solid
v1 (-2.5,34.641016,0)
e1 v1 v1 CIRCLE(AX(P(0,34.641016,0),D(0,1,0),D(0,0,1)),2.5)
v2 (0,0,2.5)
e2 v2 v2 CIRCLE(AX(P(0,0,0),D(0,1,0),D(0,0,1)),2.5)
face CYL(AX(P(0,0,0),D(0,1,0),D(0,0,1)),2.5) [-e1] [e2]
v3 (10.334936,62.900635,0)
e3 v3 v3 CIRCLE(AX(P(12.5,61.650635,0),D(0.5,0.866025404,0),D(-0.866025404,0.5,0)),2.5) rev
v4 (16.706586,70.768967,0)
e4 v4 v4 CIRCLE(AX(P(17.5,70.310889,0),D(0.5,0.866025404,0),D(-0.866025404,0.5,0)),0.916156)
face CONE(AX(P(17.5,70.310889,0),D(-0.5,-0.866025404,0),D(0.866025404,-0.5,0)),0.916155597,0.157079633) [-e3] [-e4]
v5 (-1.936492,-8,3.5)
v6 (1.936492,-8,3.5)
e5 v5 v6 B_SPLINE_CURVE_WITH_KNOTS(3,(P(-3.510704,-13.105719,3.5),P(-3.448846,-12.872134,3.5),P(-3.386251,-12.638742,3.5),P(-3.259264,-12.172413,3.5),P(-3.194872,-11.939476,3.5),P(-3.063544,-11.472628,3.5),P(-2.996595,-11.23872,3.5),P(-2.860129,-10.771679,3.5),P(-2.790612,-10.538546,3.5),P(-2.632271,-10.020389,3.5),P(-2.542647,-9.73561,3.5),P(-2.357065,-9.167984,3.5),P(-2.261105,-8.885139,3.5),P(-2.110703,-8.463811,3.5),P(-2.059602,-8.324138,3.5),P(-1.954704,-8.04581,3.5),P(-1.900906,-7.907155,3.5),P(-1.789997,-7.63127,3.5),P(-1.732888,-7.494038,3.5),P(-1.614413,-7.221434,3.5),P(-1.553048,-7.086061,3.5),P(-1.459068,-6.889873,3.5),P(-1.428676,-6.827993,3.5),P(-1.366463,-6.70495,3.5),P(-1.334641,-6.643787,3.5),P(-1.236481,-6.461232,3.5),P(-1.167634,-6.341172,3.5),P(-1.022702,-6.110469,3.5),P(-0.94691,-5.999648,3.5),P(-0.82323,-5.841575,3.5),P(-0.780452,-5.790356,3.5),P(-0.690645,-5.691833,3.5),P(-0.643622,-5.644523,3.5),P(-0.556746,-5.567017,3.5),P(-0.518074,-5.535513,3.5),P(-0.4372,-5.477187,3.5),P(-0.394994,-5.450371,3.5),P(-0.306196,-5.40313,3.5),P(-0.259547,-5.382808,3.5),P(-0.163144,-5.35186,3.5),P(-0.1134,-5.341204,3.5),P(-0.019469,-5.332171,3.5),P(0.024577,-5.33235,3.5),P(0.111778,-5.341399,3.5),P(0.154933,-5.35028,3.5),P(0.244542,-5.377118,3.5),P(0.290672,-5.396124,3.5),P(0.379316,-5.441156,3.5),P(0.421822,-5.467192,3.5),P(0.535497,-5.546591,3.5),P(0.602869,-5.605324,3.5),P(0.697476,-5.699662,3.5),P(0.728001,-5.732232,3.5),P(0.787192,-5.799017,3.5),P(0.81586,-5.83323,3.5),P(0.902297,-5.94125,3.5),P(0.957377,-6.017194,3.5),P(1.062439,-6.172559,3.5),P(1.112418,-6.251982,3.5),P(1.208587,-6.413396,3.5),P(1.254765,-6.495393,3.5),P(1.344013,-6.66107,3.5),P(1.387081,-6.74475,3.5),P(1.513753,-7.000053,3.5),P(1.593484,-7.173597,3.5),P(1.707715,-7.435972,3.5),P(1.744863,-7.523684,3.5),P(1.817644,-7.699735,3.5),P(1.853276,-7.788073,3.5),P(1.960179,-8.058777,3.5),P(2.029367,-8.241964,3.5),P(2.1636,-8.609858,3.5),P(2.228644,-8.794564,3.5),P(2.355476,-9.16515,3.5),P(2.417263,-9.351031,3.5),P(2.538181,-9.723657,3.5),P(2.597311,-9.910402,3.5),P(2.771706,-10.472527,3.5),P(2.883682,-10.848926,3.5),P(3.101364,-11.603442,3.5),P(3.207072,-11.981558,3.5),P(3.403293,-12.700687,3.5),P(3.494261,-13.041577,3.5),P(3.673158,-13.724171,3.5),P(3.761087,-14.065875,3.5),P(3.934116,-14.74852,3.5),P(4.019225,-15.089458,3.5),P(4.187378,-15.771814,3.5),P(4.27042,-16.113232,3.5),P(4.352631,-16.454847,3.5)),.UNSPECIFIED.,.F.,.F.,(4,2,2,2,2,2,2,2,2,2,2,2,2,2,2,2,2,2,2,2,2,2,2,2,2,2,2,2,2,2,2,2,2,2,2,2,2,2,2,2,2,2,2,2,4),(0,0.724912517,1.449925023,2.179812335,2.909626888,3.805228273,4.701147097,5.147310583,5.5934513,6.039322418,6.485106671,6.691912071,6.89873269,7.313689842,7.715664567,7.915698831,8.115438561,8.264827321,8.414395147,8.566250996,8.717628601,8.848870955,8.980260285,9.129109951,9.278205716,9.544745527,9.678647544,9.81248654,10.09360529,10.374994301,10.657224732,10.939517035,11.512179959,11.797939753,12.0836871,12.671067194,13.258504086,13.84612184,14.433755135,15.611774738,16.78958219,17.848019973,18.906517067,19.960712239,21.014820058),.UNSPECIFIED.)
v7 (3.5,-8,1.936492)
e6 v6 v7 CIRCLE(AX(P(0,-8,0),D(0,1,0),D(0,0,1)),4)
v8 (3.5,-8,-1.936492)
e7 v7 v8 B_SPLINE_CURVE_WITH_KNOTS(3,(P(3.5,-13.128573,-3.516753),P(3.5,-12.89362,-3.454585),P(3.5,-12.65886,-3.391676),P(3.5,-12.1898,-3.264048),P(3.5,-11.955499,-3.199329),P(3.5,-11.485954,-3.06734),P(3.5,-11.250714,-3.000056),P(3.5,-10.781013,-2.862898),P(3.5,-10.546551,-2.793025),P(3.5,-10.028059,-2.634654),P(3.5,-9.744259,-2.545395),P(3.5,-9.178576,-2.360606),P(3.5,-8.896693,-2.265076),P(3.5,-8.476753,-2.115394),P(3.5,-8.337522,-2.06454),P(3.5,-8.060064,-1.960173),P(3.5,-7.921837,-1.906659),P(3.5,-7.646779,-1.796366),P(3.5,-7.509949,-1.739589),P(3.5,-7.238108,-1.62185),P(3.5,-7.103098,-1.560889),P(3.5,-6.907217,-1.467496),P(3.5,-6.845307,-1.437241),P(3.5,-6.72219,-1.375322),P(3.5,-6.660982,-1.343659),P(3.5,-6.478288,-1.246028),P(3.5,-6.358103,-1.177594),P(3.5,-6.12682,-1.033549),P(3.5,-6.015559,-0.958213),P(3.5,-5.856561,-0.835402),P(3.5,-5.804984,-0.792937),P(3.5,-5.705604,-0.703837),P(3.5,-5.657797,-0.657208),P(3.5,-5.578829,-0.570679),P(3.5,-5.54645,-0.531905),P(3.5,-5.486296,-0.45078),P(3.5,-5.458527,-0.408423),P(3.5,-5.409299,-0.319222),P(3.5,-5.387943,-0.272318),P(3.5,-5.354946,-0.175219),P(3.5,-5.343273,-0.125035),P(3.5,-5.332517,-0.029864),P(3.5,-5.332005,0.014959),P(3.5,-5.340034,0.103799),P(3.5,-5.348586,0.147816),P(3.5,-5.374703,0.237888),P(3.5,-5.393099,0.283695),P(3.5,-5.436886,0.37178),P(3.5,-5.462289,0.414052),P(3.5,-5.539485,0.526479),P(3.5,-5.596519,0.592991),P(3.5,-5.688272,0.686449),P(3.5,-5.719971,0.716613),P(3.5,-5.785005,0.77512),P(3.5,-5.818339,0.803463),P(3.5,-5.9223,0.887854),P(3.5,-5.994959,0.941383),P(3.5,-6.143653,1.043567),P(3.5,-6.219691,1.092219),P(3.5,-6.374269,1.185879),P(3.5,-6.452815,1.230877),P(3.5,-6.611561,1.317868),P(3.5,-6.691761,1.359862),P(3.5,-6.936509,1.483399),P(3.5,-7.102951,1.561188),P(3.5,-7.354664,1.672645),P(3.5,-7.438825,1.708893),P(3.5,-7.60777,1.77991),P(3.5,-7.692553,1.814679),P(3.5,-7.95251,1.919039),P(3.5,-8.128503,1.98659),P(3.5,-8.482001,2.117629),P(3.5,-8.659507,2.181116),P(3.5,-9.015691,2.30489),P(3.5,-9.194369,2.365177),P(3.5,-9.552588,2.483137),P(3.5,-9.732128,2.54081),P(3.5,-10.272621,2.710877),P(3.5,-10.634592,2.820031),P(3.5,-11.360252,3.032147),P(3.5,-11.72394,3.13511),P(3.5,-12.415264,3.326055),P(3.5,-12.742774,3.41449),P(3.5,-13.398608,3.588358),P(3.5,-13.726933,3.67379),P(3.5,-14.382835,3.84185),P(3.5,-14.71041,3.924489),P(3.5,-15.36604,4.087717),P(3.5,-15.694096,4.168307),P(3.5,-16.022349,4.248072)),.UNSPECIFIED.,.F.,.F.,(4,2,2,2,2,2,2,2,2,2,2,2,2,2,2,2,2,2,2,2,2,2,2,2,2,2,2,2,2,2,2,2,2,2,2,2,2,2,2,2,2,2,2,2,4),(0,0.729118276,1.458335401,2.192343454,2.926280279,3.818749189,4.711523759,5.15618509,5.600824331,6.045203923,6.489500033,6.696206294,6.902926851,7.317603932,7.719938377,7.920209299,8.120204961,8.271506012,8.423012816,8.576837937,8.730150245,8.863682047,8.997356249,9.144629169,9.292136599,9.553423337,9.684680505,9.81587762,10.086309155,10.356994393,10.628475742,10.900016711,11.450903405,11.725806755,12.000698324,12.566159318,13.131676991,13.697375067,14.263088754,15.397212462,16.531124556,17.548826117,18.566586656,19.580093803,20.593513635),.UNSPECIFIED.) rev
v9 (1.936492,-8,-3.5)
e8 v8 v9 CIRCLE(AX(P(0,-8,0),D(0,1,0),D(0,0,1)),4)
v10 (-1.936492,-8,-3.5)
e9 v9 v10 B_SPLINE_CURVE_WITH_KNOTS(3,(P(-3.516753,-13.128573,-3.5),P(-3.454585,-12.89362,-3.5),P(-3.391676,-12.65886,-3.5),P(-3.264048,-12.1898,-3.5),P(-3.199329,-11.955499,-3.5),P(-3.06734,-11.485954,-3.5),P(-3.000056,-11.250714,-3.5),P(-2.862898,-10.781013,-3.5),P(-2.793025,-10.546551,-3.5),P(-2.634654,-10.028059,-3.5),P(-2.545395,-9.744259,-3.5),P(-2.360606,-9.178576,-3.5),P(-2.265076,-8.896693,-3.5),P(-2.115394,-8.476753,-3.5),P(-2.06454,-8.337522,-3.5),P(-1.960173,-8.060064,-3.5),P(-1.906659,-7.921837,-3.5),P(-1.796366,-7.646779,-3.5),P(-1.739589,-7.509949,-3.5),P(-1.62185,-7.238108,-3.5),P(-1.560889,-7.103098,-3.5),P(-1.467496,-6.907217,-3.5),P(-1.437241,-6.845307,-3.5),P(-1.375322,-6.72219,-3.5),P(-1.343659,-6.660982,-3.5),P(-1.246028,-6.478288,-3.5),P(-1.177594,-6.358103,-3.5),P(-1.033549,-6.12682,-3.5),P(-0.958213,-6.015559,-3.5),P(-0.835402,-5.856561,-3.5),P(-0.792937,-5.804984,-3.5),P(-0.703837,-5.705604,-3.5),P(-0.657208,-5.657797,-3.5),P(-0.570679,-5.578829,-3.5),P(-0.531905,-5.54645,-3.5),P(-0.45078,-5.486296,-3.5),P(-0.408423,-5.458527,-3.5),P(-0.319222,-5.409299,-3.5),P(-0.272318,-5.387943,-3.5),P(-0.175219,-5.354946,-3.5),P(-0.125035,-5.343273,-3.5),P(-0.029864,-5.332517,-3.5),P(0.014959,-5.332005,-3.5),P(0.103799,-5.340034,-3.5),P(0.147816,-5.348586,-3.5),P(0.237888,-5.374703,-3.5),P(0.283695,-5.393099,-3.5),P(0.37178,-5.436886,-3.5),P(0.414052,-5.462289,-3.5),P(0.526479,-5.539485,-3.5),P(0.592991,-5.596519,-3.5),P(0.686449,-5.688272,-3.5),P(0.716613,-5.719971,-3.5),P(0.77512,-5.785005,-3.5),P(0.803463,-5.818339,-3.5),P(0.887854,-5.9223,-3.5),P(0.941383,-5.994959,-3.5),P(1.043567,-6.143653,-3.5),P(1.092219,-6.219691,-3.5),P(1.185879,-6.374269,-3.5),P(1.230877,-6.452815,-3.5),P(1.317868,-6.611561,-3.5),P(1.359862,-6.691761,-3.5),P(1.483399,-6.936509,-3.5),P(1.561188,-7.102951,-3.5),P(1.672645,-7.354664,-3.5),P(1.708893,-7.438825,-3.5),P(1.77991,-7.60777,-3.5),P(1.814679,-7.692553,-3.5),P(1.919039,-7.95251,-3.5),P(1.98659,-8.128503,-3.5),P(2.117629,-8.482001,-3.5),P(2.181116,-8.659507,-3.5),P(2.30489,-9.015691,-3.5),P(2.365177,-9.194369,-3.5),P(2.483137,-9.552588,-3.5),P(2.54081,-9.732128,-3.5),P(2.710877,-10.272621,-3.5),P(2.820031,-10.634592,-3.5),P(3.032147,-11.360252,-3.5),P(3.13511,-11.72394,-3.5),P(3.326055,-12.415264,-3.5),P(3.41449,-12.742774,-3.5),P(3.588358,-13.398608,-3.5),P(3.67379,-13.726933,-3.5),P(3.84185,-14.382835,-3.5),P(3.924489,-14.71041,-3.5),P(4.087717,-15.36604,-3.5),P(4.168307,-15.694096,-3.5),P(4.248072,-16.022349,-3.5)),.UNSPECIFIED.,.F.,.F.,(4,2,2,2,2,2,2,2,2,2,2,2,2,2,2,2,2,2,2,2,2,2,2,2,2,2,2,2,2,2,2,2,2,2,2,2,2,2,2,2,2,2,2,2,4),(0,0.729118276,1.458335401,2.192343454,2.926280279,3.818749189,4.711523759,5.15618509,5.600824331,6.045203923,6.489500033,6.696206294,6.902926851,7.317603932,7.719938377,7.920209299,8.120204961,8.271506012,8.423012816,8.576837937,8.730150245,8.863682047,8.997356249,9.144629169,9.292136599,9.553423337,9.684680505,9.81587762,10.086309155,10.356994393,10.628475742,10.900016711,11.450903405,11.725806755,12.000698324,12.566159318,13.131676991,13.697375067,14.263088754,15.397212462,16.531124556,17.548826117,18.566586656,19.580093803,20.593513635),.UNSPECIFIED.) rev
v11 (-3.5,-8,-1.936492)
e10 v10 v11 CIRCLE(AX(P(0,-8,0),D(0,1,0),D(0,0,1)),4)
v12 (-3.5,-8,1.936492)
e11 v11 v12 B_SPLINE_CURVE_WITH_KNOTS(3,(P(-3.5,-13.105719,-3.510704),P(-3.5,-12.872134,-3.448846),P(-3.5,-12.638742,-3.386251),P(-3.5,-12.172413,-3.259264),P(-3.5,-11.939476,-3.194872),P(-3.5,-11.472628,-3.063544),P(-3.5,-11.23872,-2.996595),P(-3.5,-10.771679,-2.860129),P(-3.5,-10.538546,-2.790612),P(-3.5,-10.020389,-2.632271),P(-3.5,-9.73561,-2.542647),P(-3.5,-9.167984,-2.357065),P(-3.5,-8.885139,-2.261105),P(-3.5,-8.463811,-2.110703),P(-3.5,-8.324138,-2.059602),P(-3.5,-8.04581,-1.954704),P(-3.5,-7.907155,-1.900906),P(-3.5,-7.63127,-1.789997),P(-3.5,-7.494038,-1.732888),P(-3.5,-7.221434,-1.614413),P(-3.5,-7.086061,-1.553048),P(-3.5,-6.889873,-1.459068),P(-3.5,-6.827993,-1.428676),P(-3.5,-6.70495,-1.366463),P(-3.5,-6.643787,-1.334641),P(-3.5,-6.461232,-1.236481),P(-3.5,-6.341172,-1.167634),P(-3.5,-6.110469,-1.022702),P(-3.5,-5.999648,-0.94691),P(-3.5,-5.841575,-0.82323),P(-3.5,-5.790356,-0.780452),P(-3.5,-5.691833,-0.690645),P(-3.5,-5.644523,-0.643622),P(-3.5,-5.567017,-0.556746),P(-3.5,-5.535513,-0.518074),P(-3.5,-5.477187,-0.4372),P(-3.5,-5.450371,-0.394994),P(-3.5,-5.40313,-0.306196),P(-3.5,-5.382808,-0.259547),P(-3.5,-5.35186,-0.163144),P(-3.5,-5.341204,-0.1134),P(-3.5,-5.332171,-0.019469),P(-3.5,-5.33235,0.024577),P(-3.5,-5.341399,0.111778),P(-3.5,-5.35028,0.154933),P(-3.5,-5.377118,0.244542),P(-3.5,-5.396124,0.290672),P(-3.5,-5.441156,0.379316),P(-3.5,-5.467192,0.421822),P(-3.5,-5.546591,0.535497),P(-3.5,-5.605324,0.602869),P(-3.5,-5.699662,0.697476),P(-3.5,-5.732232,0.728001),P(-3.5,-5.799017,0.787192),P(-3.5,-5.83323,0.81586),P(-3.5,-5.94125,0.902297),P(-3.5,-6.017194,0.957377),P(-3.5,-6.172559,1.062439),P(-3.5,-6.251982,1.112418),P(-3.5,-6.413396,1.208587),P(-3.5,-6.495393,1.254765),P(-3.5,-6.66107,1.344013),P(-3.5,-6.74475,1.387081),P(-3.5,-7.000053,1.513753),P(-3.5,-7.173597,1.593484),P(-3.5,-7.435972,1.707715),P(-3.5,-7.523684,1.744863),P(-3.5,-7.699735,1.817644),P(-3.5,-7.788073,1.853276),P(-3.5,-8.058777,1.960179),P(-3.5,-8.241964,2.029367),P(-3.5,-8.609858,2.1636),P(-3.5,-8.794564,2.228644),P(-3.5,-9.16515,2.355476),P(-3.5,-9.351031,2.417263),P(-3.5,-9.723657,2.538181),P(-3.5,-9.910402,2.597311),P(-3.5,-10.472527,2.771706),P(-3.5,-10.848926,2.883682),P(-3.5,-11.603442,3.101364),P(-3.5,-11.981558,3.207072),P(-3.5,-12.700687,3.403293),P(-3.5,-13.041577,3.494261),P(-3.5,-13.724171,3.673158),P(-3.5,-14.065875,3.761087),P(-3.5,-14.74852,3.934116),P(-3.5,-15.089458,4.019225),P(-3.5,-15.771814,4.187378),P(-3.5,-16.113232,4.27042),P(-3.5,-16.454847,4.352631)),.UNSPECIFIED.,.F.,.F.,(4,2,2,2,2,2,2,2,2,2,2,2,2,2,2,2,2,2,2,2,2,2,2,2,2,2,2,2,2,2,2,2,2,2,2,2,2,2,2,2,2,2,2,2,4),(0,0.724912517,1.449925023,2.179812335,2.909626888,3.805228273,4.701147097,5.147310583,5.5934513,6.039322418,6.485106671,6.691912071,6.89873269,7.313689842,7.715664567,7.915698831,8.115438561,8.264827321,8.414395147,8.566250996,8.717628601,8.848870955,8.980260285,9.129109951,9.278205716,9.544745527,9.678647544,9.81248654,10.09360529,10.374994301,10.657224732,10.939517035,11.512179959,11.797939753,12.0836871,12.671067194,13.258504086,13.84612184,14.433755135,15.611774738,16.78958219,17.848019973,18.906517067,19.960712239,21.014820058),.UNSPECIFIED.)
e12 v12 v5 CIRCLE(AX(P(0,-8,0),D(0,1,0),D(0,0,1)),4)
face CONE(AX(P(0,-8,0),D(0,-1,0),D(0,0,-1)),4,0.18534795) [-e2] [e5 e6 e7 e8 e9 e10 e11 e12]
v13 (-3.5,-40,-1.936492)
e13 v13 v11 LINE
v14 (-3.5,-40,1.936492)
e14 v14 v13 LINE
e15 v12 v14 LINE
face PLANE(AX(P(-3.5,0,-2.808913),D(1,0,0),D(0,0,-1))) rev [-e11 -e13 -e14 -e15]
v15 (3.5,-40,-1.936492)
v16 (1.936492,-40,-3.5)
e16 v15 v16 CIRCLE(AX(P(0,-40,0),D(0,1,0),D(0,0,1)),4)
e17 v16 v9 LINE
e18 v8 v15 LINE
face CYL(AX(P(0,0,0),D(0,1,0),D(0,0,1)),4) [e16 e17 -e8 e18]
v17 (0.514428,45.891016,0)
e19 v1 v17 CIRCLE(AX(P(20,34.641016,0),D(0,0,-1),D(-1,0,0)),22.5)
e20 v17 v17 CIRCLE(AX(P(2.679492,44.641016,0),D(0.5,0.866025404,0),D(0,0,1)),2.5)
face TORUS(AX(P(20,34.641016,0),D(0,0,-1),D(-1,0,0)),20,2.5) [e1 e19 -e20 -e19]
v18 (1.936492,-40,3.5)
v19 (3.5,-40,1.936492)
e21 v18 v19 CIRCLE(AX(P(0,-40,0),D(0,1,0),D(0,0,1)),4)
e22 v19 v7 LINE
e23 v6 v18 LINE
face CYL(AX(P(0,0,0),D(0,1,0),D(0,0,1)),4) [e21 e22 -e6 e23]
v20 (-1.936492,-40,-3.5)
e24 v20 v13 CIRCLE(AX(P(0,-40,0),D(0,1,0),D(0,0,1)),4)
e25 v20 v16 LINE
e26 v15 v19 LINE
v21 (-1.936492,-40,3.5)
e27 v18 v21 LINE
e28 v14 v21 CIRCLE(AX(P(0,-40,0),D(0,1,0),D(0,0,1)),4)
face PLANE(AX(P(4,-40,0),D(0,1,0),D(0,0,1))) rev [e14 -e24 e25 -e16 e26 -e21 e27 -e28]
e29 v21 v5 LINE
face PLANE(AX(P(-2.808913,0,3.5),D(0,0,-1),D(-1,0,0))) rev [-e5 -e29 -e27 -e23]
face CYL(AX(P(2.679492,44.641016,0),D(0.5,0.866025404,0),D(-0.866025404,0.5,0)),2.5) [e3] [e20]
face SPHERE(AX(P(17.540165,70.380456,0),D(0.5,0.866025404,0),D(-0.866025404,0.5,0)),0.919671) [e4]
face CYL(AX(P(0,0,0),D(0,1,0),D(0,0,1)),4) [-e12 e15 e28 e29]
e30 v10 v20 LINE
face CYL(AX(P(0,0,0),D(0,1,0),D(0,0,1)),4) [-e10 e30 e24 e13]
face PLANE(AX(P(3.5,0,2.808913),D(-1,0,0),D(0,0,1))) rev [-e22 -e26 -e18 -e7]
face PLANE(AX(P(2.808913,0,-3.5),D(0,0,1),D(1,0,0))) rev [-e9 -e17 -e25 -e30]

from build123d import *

# Parameters (mm, degrees)
SKETCH_2_R          = 2.5
CHAMFER_1_SIZE      = 10
CHAMFER_1_SIZE2     = 1.583844403
SKETCH_4_W          = 3.296860699
SKETCH_4_H          = 5.658889041
SKETCH_4_W_2        = 5.658889041
SKETCH_4_H_2        = 3.296860699
CUT_EXTRUDE_1_DEPTH = 40
DOME_1_FACE_RADIUS  = 0.916155597
DOME_1_HEIGHT       = 1


with BuildPart() as part:
    # 扫描1: sweep along a path in 草图1
    with BuildLine(Plane.XY) as sweep_1_path:
        Line((0, 0), (0, 34.641016151))
        ThreePointArc((0, 34.641016151), (0.681483474, 39.817397053), (2.679491924, 44.641016151))
        Line((2.679491924, 44.641016151), (17.5, 70.310889132))
    # 草图2 → 扫描1 (sweep)
    with BuildSketch(Plane(origin=(0, 0, 0), x_dir=(1, 0, 0), z_dir=(0, 1, 0))):
        Circle(SKETCH_2_R)
    sweep(path=sweep_1_path.line)

    # 草图3 → 旋转1 (revolve)
    with BuildSketch(Plane.XY, mode=Mode.PRIVATE) as revolve_1_sk:
        Polygon((0, 0), (2.5, 0), (4, -8), (4, -40), (0, -40), align=None)
    revolve(revolve_1_sk.sketch.rotate(Axis((0, 0, 0), (0, -1, 0)), 90), axis=Axis((0, 0, 0), (0, -1, 0)))

    # 倒角1
    chamfer_1_edges = [part.edges().sort_by_distance(p)[0] for p in [
        (15.334936491, 71.560889132, 0),
    ]]
    chamfer_1_side = [part.faces().sort_by_distance(p)[0] for p in [
        (7.924682453, 58.725952642, 0),
    ]]
    chamfer(chamfer_1_edges, length=CHAMFER_1_SIZE, length2=CHAMFER_1_SIZE2, reference=chamfer_1_side[0])

    # 草图4 → 切除-拉伸1 (cut)
    with BuildSketch(Plane.XZ.offset(40)):
        with Locations((5.148430349, -0.020531218)):
            Rectangle(SKETCH_4_W, SKETCH_4_H)
        with Locations((0.020531218, 5.148430349)):
            Rectangle(SKETCH_4_W_2, SKETCH_4_H_2)
        with Locations((-0.020531218, -5.148430349)):
            Rectangle(SKETCH_4_W_2, SKETCH_4_H_2)
        with Locations((-5.148430349, 0.020531218)):
            Rectangle(SKETCH_4_W, SKETCH_4_H)
    extrude(amount=-CUT_EXTRUDE_1_DEPTH, mode=Mode.SUBTRACT)

    # 圆顶1: a dome of height H over a round flat face of radius A is a cap of a sphere of radius (A * A + H * H) / (2 * H)
    dome_1_r = (DOME_1_FACE_RADIUS * DOME_1_FACE_RADIUS + DOME_1_HEIGHT * DOME_1_HEIGHT) / (2 * DOME_1_HEIGHT)
    dome_1_base = Plane((17.5, 70.310889132, 0), z_dir=(0.5, 0.866025403784, 0))
    with Locations(dome_1_base.offset(DOME_1_HEIGHT - dome_1_r)):
        dome_1_ball = Sphere(dome_1_r, mode=Mode.PRIVATE)
    add(split(dome_1_ball, bisect_by=dome_1_base, keep=Keep.TOP, mode=Mode.PRIVATE))


solid = part.part
